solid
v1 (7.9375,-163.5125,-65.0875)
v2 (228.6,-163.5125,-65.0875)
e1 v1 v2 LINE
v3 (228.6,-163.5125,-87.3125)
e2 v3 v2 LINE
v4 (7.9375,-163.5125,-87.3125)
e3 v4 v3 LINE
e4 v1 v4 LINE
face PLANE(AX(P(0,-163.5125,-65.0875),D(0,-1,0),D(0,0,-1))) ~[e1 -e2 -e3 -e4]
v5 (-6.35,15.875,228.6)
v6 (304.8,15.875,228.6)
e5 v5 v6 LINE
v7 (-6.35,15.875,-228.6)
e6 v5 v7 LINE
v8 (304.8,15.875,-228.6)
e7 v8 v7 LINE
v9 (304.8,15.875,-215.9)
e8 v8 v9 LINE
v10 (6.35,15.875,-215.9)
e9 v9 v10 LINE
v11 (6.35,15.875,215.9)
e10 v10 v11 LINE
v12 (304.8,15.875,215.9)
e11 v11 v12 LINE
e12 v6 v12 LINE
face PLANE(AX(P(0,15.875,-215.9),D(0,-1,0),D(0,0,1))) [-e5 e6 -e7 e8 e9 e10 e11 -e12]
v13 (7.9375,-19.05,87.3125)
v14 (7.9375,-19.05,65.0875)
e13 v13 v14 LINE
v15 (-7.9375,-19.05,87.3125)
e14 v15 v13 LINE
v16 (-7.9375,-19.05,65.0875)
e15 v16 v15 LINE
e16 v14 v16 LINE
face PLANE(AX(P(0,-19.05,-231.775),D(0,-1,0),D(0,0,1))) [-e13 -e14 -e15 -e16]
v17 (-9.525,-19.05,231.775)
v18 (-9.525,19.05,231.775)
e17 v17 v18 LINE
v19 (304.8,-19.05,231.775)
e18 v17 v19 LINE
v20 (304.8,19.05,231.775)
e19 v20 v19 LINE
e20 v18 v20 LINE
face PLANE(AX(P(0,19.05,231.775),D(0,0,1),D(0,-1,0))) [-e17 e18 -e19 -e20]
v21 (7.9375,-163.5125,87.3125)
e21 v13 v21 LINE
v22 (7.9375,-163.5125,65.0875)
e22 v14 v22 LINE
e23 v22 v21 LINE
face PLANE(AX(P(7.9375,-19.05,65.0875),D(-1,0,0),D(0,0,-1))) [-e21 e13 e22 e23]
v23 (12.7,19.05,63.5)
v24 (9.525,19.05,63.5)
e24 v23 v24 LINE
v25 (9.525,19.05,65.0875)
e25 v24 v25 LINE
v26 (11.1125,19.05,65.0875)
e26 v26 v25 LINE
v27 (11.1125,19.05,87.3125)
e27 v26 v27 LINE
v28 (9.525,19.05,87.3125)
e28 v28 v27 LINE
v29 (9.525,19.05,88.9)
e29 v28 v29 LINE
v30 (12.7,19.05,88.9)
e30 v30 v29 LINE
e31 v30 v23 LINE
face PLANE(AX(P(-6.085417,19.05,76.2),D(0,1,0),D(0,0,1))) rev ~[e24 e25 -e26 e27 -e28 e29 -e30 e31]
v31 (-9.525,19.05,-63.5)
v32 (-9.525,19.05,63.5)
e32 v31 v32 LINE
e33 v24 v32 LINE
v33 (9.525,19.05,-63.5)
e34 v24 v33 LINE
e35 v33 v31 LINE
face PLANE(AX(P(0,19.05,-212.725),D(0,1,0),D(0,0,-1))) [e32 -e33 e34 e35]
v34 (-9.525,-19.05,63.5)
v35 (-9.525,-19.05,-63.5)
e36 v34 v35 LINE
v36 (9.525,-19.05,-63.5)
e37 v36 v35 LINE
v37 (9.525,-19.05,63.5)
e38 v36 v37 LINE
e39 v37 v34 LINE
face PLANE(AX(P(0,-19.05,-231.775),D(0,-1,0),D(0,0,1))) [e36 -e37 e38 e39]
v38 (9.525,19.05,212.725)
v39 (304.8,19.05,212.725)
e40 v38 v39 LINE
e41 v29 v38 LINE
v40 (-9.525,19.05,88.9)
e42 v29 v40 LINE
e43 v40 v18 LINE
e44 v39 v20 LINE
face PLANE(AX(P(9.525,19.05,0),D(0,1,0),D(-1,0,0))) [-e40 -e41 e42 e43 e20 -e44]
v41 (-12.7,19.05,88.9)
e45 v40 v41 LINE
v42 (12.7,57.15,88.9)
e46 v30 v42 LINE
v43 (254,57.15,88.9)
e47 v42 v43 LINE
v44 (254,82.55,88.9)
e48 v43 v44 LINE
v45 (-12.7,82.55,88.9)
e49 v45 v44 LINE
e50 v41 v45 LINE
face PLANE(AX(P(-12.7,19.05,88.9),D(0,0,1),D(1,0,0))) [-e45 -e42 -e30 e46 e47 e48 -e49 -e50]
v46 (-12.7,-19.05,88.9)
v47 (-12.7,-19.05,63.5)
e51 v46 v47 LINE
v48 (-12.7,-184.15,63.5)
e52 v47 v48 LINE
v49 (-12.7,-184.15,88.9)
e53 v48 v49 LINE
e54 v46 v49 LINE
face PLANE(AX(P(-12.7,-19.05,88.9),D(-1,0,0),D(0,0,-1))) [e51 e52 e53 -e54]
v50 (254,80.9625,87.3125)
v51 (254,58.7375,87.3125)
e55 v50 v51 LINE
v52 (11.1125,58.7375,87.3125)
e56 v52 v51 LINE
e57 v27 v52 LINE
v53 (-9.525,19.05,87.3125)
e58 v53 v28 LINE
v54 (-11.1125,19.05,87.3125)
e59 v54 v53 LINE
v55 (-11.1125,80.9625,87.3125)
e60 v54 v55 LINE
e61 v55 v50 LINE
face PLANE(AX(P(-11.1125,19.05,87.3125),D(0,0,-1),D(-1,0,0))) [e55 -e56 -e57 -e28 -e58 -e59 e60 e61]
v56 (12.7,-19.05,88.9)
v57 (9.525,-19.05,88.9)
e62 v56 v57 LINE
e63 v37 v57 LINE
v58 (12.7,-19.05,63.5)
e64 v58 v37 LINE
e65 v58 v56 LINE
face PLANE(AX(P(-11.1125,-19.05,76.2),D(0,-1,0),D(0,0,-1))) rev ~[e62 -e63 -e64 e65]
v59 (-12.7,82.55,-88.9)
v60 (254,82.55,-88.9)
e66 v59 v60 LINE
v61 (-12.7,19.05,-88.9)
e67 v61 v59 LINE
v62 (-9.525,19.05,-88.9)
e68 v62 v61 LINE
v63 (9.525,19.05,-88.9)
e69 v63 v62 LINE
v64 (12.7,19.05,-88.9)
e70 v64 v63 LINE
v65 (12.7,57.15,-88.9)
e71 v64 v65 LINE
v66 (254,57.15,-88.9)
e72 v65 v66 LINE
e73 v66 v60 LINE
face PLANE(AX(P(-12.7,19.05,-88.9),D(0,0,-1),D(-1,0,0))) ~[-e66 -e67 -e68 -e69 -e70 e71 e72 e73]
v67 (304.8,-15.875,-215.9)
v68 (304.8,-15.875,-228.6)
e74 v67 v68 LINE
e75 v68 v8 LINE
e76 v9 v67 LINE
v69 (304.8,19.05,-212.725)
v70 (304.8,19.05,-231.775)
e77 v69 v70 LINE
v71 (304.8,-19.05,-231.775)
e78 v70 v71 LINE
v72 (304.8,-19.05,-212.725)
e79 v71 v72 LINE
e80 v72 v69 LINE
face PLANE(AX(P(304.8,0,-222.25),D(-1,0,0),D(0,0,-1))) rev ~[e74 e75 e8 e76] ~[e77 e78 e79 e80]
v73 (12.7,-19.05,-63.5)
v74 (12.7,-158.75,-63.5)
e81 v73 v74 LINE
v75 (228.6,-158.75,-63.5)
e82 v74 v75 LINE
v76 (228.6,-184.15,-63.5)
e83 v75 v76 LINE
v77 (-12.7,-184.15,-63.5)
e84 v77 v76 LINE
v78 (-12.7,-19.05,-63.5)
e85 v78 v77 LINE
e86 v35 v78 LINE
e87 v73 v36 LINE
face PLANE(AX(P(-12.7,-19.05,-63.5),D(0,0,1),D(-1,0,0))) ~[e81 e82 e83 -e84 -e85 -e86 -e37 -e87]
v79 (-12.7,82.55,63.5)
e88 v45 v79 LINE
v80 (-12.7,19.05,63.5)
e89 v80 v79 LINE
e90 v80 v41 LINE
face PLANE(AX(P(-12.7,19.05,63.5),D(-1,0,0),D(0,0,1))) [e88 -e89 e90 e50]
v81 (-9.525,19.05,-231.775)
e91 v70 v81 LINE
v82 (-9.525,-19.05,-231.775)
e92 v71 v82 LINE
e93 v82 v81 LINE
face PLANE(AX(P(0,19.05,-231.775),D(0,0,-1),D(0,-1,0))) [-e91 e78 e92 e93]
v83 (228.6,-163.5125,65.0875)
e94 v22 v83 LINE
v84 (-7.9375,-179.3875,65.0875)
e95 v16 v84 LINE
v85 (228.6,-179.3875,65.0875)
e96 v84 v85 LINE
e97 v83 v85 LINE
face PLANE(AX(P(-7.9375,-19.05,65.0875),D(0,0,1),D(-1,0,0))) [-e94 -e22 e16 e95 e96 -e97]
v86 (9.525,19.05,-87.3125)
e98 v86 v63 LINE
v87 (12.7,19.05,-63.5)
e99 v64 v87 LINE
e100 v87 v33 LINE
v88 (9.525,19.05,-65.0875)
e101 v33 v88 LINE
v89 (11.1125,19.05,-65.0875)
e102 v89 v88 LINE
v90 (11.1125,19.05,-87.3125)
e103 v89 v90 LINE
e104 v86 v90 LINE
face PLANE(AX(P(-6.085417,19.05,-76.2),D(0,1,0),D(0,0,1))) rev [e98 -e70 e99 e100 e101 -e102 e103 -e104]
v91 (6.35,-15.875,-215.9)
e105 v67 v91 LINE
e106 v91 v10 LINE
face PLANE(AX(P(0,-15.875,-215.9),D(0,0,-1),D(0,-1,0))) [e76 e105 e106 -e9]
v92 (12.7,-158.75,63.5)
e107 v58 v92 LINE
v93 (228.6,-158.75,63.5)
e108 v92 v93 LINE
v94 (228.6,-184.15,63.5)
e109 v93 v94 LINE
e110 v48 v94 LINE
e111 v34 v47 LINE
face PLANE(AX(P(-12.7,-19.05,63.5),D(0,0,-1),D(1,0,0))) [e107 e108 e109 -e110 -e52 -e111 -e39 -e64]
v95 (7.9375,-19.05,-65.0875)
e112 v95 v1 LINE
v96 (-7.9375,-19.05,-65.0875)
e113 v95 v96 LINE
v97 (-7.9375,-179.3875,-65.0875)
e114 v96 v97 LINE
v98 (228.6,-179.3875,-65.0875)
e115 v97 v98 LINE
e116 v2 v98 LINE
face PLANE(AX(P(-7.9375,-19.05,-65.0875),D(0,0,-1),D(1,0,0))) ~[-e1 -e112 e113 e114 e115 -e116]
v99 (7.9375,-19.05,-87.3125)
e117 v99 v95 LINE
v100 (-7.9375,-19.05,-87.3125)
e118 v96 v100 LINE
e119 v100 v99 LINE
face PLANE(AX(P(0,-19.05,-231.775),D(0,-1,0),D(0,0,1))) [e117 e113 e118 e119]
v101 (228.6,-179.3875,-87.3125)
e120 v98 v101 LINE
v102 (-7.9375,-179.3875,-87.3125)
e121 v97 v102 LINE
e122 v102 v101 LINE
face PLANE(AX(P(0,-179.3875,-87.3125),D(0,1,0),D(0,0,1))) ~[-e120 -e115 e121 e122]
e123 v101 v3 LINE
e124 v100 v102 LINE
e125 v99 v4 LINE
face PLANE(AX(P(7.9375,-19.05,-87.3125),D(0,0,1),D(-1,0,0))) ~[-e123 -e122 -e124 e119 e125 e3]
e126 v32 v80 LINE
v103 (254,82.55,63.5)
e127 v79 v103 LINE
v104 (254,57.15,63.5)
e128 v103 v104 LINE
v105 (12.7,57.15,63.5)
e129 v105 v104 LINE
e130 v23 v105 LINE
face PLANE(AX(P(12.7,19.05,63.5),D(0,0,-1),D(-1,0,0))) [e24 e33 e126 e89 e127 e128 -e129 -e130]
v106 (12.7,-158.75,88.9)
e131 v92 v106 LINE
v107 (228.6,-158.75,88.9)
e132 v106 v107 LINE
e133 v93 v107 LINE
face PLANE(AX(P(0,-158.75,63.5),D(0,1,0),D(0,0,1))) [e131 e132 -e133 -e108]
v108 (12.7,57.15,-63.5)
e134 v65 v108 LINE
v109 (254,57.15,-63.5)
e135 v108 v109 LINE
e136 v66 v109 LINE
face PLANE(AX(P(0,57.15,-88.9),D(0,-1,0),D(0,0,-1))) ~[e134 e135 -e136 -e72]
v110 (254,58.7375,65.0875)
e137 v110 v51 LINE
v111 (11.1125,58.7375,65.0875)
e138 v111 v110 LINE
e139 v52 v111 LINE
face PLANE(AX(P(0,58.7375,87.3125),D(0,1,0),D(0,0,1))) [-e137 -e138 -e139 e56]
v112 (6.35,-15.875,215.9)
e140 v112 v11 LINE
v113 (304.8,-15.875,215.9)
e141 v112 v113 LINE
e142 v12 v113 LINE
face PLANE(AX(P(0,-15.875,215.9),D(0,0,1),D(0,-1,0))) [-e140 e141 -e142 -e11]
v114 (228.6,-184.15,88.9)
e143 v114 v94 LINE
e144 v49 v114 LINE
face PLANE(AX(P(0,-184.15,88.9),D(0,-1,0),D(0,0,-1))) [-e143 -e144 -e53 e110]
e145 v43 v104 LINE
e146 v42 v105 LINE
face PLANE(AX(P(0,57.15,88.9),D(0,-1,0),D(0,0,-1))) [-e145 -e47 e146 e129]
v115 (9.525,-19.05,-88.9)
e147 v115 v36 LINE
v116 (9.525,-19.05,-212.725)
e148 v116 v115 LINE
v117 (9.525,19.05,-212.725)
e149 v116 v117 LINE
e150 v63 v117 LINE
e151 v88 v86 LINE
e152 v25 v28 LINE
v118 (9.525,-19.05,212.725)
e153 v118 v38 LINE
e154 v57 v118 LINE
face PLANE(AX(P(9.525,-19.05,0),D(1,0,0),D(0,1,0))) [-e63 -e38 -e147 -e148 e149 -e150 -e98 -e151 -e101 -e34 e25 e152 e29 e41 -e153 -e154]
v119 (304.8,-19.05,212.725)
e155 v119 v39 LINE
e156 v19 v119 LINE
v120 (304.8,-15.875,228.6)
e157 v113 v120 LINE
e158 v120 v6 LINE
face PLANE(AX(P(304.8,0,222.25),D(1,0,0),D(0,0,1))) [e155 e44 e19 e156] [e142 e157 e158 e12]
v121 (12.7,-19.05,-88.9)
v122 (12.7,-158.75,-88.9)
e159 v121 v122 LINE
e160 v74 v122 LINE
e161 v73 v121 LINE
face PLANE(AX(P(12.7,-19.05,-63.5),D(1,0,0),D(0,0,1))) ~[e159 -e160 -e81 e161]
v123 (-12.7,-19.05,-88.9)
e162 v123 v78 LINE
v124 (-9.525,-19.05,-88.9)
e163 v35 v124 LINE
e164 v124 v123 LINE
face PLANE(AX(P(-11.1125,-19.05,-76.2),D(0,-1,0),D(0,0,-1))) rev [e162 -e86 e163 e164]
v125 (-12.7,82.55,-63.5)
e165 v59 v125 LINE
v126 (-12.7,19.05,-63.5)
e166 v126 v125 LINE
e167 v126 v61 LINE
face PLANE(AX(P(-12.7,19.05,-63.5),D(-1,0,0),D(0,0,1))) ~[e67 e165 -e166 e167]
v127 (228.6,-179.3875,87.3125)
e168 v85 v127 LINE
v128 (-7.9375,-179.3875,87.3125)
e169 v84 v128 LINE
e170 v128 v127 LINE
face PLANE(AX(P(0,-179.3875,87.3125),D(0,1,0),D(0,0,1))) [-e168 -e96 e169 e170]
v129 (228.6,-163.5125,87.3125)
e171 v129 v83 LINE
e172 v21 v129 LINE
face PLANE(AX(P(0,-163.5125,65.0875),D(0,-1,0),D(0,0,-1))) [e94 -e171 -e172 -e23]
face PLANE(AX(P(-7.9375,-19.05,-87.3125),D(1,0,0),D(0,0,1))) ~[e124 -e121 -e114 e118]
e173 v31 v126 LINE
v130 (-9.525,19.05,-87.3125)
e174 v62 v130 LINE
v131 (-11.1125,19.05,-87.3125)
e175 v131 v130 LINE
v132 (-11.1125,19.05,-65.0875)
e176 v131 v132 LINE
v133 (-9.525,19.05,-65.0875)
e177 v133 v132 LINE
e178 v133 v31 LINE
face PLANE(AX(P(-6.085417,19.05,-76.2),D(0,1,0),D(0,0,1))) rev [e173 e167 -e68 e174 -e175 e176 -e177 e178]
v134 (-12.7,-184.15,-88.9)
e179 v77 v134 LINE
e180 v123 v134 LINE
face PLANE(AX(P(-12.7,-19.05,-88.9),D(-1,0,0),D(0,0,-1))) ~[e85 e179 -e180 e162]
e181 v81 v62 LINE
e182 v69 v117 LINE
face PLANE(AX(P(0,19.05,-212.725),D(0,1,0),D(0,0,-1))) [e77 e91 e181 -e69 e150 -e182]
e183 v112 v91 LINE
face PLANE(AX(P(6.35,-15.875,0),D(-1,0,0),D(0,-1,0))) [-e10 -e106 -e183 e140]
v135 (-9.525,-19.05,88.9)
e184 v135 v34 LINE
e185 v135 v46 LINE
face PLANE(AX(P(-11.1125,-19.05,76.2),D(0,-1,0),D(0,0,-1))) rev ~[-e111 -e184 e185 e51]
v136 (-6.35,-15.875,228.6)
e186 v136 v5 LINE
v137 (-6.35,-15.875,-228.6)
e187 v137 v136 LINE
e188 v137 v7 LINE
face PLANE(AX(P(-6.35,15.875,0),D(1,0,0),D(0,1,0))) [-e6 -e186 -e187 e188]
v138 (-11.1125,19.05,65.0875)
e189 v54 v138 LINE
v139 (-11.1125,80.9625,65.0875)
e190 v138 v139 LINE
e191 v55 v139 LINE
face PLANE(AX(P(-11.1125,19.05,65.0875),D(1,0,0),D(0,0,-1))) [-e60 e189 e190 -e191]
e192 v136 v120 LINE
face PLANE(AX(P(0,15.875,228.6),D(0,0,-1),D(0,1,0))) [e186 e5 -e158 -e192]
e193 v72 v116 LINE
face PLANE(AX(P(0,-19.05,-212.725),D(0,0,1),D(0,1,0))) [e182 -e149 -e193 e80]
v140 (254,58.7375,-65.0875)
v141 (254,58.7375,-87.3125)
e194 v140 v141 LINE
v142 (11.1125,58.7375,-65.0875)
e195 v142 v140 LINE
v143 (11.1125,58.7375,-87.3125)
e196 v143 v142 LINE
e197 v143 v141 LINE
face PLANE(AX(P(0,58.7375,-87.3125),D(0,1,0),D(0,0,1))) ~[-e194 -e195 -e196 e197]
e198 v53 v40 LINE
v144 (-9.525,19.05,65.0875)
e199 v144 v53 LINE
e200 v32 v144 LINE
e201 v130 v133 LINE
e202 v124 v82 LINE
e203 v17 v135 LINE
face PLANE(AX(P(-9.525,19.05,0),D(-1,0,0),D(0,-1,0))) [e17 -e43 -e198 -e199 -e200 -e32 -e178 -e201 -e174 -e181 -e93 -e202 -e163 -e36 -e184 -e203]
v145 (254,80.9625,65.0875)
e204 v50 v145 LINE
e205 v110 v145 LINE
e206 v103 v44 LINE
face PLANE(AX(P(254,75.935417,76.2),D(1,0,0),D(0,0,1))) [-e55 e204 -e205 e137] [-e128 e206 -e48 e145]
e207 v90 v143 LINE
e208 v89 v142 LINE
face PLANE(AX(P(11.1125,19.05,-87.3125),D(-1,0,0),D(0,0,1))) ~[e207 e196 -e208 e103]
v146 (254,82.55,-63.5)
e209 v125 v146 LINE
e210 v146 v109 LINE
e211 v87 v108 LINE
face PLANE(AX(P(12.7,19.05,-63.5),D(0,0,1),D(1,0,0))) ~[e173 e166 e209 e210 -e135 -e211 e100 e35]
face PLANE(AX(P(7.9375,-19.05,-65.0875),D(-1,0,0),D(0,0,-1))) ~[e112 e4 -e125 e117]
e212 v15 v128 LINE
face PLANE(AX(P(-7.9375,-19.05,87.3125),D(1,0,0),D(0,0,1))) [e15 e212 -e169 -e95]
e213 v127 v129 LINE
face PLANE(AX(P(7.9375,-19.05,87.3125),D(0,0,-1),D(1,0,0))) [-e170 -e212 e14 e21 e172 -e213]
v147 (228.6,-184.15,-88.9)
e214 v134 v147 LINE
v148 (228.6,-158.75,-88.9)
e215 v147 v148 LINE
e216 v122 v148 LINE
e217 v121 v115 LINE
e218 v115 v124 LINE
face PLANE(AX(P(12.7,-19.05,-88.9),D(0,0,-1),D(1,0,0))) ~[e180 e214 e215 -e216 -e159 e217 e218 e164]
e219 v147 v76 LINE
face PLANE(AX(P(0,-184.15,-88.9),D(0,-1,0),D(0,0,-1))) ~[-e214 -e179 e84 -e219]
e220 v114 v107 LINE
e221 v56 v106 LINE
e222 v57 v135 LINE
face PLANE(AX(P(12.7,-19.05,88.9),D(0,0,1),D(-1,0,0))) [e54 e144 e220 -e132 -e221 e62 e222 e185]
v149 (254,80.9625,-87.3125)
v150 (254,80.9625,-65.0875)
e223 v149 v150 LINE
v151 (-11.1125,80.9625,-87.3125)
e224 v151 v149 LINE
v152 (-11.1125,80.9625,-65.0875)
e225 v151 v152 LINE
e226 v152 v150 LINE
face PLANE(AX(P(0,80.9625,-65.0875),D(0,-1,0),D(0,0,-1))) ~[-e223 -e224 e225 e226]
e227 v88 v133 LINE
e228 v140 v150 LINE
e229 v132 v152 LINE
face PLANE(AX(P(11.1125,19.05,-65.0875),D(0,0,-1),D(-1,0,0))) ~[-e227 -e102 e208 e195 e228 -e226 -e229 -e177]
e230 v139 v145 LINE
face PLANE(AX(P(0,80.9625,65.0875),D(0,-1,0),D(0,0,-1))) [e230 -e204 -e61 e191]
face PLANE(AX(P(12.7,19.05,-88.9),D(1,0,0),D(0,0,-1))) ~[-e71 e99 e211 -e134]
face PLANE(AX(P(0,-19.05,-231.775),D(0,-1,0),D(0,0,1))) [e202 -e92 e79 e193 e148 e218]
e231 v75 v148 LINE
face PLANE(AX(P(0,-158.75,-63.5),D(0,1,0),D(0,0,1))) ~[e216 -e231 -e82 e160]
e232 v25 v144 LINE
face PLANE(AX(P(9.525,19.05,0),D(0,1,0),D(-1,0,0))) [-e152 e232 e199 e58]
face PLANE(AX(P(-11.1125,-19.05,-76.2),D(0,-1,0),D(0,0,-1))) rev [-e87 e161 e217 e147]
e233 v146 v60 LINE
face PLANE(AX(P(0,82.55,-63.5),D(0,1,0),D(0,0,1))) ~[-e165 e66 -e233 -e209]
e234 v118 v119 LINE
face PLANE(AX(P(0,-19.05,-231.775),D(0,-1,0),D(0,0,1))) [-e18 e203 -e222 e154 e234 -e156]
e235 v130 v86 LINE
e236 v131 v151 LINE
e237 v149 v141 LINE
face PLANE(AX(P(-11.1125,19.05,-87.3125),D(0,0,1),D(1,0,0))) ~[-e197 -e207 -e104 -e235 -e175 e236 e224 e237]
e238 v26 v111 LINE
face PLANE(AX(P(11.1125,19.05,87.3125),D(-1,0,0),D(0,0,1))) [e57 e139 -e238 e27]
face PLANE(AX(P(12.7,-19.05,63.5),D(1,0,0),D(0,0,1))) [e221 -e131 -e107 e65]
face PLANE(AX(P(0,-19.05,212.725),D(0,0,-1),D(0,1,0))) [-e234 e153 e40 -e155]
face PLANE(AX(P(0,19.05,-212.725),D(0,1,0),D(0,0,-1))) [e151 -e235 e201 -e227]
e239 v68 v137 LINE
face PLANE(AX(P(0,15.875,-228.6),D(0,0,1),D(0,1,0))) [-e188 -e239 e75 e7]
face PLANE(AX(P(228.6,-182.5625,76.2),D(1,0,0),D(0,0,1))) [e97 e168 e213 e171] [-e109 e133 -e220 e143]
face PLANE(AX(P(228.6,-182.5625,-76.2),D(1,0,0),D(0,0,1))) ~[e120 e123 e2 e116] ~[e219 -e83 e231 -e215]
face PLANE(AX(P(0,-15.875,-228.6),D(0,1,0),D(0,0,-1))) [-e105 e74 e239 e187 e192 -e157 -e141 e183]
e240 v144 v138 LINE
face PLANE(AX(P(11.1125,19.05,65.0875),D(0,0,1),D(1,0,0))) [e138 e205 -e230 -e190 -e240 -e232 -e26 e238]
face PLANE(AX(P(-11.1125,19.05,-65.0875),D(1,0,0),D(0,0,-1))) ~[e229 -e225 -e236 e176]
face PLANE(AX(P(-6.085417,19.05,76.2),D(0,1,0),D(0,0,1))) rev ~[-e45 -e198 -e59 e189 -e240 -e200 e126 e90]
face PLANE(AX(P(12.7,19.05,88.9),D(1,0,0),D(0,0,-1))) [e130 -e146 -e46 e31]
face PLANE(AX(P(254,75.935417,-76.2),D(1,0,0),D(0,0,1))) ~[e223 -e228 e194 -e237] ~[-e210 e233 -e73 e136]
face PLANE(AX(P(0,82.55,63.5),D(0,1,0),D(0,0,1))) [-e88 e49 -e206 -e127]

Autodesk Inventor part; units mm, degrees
sketch "Sketch10" plane through (0, 0, 0) normal (0, 1, 0) x (-1, 0, 0)
  line L0 (0, 0) -> (0, 222.25)
  line L1 (0, 222.25) -> (-304.8, 222.25)
  line L2 (0, 0) -> (-304.8, 0) construction
  line L3 (0, 0) -> (0, -222.25)
  line L4 (0, -222.25) -> (-304.8, -222.25)
  dimension "d31" = 222.25
  dimension "d32" = 304.8
ref_plane "Work Plane2" through (304.8, 0, 0) normal (1, 0, 0) x (0, 1, 0)
sketch "Sketch11" plane through (304.8, 0, 0) normal (1, 0, 0) x (0, 1, 0)
  line L0 (-19.05, 231.775) -> (-19.05, 212.725)
  line L1 (-19.05, 212.725) -> (19.05, 212.725)
  line L2 (19.05, 212.725) -> (19.05, 231.775)
  line L3 (19.05, 231.775) -> (-19.05, 231.775)
  line L4 (-19.05, 231.775) -> (19.05, 212.725) construction
  line L5 (-19.05, 212.725) -> (19.05, 231.775) construction
  line L6 (-15.875, 228.6) -> (-15.875, 215.9)
  line L7 (-15.875, 215.9) -> (15.875, 215.9)
  line L8 (15.875, 215.9) -> (15.875, 228.6)
  line L9 (15.875, 228.6) -> (-15.875, 228.6)
  line L10 (-15.875, 228.6) -> (15.875, 215.9) construction
  line L11 (-15.875, 215.9) -> (15.875, 228.6) construction
  point P0 (0, 0)
  point P1 (0, 222.25)
  dimension "d34" = 222.25
  dimension "d35" = 19.05
  dimension "d36" = 38.1
  dimension "d37" = 3.175
  dimension "d38" = 3.175
sweep "Sweep5" add profiles "Sketch11" path "Sketch10"
sketch "Sketch12" plane through (304.8, 19.05, 231.775) normal (0, 1, 0) x (1, 0, 0)
  line L0 (-304.8, 231.775) -> (-304.8, 0) construction
  line L1 (0, 0) -> (-314.325, 0) construction
  line L2 (-317.5, 142.875) -> (-292.1, 142.875)
  line L3 (-292.1, 142.875) -> (-292.1, 168.275)
  line L4 (-292.1, 168.275) -> (-317.5, 168.275)
  line L5 (-317.5, 168.275) -> (-317.5, 142.875)
  line L6 (-317.5, 142.875) -> (-292.1, 168.275) construction
  line L7 (-292.1, 142.875) -> (-317.5, 168.275) construction
  line L8 (-298.45, 15.875) -> (-298.45, 447.675) projected
  line L9 (-315.9125, 144.4625) -> (-293.6875, 144.4625)
  line L10 (-293.6875, 144.4625) -> (-293.6875, 166.6875)
  line L11 (-293.6875, 166.6875) -> (-315.9125, 166.6875)
  line L12 (-315.9125, 166.6875) -> (-315.9125, 144.4625)
  line L13 (-315.9125, 144.4625) -> (-293.6875, 166.6875) construction
  line L14 (-293.6875, 144.4625) -> (-315.9125, 166.6875) construction
  point P0 (-304.8, 155.575)
  dimension "d41" = 25.4
  dimension "d42" = 25.4
  dimension "d43" = 76.2
  dimension "d44" = 1.5875
  dimension "d45" = 1.5875
ref_plane "Work Plane3" through (0, 0, 50.8) normal (0, 0, 1) x (1, 0, 0)
sketch "Sketch13" plane through (0, 0, 50.8) normal (0, 0, 1) x (1, 0, 0)
  line L0 (304.8, 19.05) -> (-9.525, 19.05) projected
  line L1 (0, 19.05) -> (0, 69.85)
  line L2 (0, 69.85) -> (254, 69.85)
  point P0 (0, 0)
  dimension "d47" = 254
  dimension "d48" = 50.8
sweep "Sweep6" add profiles "Sketch12" path "Sketch13" path curves L1 L2 contours L5 L4 L8 L11 L12 L9 L2 | L8 L9 L10 L11 L4 L3 L2
mirror "Mirror2" about plane through (0, 0, 0) normal (0, 0, 1) of "Sweep6"
sketch "Sketch14" plane through (304.8, -19.05, 212.725) normal (0, -1, 0) x (1, 0, 0)
  line L0 (-304.8, -212.725) -> (-304.8, 15.875) construction
  line L1 (0, 15.875) -> (-311.15, 15.875) construction
  line L2 (-317.5, -123.825) -> (-317.5, -149.225)
  line L3 (-317.5, -149.225) -> (-292.1, -149.225)
  line L4 (-292.1, -149.225) -> (-292.1, -123.825)
  line L5 (-292.1, -123.825) -> (-317.5, -123.825)
  line L6 (-317.5, -123.825) -> (-292.1, -149.225) construction
  line L7 (-317.5, -149.225) -> (-292.1, -123.825) construction
  line L8 (-312.7375, -125.4125) -> (-312.7375, -147.6375)
  line L9 (-312.7375, -147.6375) -> (-296.8625, -147.6375)
  line L10 (-296.8625, -147.6375) -> (-296.8625, -125.4125)
  line L11 (-296.8625, -125.4125) -> (-312.7375, -125.4125)
  line L12 (-312.7375, -125.4125) -> (-296.8625, -147.6375) construction
  line L13 (-312.7375, -147.6375) -> (-296.8625, -125.4125) construction
  line L14 (-314.325, 19.05) -> (-314.325, -444.5) projected
  point P0 (-304.8, -136.525)
  dimension "d52" = 76.2
  dimension "d53" = 25.4
  dimension "d54" = 25.4
  dimension "d55" = 1.5875
  dimension "d56" = 1.5875
ref_plane "Work Plane5" through (0, 0, 76.2) normal (0, 0, 1) x (1, 0, 0)
sketch "Sketch15" plane through (0, 0, 76.2) normal (0, 0, 1) x (1, 0, 0)
  line L0 (-9.525, -19.05) -> (304.8, -19.05) projected
  line L1 (0, -19.05) -> (0, -171.45)
  line L2 (0, -171.45) -> (228.6, -171.45)
  point P0 (0, 0)
  dimension "d58" = 228.6
  dimension "d59" = 152.4
sweep "Sweep7" add profiles "Sketch14" path "Sketch15" path curves L1 L2
mirror "Mirror5" about plane through (0, 0, 0) normal (0, 0, 1) of "Sweep7"
ref_plane "Work Plane6" through (152.4, 0, 0) normal (1, 0, 0) x (0, 1, 0)
equation "\"d31\" = halfOfWidth"
equation "\"d32\" = length"
equation "\"d34\" = halfOfWidth"
equation "\"d35\" = largeTubingWidth"
equation "\"d36\" = largeTubingHeight"
equation "\"d37\" = largeTubeThickness"
equation "\"d38\" = largeTubeThickness"
equation "\"d41\" = smallSupportTubeWidth"
equation "\"d42\" = smallSupportTubeWidth"
equation "\"d43\" = distaceToMiddleSmallSupportTube"
equation "\"d44\" = smallSupportTubeThickness"
equation "\"d45\" = smallSupportTubeThickness"
equation "\"d47\" = topSupportTubeExtension"
equation "\"d48\" = smallSupportTubeLength"
equation "\"d52\" = distaceToMiddleSmallSupportTube"
equation "\"d53\" = smallSupportTubeWidth"
equation "\"d54\" = smallSupportTubeHeight"
equation "\"d55\" = smallSupportTubeThickness"
equation "\"d56\" = smallSupportTubeThickness"
equation "\"d58\" = bottomSupportTubeExtension"
equation "\"halfOfWidth\" = 0.5 * width"
equation "\"length\" = 304.8"
equation "\"height\" = 241.3"
equation "\"largeTubingWidth\" = 19.05"
equation "\"largeTubingHeight\" = 38.1"
equation "\"largeTubeThickness\" = 3.175"
equation "\"d33\" = length"
equation "\"width\" = 444.5"
equation "\"smallSupportTubeWidth\" = 25.4"
equation "\"smallSupportTubeHeight\" = 25.4"
equation "\"smallSupportTubeThickness\" = 1.5875"
equation "\"distaceToMiddleSmallSupportTube\" = 76.2"
equation "\"smallSupportTubeLength\" = 50.8"
equation "\"d46\" = smallSupportTubeLength"
equation "\"d57\" = distaceToMiddleSmallSupportTube"
equation "\"distanceOriginToPlaneForSupportTubes\" = 152.4"
equation "\"d62\" = distanceOriginToPlaneForSupportTubes"
equation "\"topSupportTubeExtension\" = 254"
equation "\"bottomSupportTubeExtension\" = 228.6"
properties part number "ShooterFrameV03"
